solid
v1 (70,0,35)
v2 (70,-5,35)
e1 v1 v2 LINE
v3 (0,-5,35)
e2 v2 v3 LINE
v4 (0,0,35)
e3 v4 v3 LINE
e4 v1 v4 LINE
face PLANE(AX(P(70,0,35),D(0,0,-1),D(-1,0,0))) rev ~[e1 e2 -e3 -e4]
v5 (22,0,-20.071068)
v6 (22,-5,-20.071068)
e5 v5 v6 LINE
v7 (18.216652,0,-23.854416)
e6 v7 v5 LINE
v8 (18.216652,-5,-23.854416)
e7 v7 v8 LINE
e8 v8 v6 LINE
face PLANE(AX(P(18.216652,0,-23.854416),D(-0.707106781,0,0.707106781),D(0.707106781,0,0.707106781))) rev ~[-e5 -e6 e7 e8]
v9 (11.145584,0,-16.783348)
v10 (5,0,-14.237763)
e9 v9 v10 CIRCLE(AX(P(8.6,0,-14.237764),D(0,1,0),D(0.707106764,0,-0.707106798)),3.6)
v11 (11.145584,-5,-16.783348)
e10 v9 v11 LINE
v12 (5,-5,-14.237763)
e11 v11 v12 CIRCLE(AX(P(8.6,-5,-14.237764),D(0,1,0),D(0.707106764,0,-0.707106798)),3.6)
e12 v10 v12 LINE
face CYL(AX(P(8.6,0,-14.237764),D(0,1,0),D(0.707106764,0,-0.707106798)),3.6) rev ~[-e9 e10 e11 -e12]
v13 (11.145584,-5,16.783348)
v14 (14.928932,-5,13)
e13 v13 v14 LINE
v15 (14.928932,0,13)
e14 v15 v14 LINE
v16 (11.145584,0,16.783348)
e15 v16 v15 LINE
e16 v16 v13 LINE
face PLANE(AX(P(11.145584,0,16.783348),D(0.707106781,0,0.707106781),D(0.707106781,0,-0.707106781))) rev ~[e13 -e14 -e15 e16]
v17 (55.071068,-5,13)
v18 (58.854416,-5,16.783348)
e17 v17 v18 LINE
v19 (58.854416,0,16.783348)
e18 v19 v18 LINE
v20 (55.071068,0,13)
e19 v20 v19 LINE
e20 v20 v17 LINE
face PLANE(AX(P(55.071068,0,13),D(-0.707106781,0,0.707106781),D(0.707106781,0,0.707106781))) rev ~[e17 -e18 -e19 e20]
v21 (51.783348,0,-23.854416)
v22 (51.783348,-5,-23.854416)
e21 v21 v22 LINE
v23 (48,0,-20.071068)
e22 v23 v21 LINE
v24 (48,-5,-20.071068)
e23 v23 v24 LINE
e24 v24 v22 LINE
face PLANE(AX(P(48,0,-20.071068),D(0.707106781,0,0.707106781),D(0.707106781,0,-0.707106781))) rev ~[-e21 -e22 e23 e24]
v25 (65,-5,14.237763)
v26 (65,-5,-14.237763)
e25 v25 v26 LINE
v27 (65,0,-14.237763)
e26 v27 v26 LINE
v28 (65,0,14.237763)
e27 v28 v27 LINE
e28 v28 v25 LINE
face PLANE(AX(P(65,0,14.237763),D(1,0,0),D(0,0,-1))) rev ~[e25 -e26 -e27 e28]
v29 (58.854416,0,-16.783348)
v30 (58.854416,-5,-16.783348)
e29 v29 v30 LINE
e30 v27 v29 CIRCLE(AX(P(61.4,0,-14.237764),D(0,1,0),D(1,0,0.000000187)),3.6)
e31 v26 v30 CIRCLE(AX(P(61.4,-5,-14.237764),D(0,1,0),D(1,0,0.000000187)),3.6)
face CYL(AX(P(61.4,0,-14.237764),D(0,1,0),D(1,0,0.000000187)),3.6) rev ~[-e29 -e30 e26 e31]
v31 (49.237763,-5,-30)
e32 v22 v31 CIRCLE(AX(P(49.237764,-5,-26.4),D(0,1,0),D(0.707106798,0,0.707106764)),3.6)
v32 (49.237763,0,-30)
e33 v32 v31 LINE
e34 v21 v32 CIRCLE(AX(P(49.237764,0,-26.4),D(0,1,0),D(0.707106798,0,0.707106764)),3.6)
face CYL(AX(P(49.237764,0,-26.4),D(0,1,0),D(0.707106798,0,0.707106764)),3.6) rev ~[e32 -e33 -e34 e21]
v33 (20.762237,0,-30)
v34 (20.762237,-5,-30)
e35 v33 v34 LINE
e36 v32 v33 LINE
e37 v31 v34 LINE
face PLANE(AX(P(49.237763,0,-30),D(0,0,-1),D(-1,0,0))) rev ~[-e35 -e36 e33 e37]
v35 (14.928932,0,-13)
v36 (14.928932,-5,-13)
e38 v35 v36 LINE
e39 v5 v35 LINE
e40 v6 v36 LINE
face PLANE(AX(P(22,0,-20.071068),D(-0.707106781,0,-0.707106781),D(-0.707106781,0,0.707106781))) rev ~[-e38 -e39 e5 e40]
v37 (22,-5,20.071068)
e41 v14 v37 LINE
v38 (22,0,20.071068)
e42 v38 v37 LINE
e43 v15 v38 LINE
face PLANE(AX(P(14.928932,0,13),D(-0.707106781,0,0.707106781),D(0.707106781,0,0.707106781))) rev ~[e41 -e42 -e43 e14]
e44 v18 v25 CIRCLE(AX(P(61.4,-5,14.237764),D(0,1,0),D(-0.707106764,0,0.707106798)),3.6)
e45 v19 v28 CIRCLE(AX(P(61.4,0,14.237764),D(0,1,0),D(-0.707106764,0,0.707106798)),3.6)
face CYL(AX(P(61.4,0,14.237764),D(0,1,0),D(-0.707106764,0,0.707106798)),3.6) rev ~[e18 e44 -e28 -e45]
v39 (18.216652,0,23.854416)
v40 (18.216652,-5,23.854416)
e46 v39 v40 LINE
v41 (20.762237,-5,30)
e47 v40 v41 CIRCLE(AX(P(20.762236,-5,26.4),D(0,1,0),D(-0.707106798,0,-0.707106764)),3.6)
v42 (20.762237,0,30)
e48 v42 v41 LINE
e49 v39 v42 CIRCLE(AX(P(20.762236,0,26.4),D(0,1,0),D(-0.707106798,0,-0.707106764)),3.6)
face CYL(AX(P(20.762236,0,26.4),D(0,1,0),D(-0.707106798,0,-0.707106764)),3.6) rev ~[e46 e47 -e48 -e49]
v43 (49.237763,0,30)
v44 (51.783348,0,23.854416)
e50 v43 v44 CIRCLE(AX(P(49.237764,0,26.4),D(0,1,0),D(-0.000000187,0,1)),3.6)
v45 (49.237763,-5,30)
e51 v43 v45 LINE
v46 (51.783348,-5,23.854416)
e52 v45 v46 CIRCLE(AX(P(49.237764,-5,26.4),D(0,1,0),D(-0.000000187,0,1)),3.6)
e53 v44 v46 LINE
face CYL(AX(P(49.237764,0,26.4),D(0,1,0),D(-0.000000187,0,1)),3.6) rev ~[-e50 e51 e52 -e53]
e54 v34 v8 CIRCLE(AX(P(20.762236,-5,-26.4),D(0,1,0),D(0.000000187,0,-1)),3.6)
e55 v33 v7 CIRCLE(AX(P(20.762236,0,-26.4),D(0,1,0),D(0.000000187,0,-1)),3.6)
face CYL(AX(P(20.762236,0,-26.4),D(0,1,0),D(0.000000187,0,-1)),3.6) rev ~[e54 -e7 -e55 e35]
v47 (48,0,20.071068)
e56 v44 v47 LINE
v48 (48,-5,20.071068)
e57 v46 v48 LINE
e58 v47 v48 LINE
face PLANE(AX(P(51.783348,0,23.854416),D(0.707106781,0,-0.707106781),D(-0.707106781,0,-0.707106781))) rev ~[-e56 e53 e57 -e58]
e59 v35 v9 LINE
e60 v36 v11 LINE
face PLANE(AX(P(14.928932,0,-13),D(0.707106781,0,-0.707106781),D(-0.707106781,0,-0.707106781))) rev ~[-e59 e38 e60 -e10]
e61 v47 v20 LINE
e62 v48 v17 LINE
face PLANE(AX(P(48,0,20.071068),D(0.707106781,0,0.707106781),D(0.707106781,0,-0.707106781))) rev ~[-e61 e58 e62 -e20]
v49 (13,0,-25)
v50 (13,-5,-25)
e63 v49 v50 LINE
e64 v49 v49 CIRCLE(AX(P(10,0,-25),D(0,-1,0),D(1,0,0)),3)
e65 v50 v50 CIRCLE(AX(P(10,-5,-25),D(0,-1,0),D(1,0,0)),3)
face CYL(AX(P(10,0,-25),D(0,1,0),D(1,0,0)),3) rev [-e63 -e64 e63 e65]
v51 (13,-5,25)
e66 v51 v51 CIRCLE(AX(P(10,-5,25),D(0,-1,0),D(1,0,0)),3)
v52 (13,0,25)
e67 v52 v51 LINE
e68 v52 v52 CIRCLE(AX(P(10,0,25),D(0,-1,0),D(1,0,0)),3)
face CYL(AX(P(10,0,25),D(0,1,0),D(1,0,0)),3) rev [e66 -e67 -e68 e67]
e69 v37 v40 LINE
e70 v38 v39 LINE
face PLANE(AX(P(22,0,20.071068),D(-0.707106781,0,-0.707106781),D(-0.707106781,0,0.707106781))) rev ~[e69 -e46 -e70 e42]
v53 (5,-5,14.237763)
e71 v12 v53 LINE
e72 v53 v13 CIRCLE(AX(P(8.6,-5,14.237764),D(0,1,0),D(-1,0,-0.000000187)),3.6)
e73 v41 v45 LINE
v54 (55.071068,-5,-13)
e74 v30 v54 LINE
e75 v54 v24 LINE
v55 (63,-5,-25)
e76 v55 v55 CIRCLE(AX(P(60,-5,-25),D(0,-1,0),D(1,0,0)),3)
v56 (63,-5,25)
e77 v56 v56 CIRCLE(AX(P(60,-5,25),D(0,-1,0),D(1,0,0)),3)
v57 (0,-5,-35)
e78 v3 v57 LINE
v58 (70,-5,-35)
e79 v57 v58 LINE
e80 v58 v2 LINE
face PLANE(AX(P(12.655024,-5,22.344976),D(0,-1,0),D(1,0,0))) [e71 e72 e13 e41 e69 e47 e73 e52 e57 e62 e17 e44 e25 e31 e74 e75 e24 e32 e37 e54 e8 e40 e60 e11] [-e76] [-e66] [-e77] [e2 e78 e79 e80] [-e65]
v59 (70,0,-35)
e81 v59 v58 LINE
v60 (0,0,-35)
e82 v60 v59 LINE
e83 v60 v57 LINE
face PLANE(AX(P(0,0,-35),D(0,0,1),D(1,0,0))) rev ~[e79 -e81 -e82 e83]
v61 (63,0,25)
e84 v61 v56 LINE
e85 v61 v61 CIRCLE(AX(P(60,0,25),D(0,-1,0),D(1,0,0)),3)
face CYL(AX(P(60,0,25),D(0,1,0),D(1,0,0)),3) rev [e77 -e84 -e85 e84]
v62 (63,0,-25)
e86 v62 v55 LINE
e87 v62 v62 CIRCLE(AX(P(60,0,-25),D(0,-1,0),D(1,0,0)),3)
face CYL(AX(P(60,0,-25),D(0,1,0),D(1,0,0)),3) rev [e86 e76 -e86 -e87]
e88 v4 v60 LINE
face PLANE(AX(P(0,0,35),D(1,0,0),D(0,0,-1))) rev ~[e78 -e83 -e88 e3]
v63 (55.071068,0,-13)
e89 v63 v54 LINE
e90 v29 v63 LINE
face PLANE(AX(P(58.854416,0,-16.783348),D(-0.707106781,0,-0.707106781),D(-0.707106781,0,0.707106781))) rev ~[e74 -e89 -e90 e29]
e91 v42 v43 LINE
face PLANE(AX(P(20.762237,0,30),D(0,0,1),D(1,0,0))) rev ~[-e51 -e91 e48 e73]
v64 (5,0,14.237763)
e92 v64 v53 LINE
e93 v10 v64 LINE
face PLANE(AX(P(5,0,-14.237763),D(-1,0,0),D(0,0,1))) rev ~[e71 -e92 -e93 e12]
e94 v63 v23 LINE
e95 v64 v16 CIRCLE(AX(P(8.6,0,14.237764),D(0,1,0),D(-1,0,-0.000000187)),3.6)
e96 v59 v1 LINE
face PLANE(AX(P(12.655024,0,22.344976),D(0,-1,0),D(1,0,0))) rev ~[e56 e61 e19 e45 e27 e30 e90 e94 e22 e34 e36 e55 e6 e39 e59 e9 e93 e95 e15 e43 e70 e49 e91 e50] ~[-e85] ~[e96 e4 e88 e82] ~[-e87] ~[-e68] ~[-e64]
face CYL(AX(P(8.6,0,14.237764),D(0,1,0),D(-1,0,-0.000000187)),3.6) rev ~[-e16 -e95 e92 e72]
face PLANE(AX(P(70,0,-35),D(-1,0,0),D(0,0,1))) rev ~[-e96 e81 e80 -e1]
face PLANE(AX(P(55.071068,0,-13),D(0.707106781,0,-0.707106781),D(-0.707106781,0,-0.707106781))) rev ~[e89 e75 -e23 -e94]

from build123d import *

# Parameters (mm, degrees)
F0_R     = 3
F1_DEPTH = 5


with BuildPart() as f1:
    # F0 (on Front) → F1 (new body)
    with BuildSketch(Plane.XZ):
        with BuildLine():
            Line((0, 35), (0, 0))
            Line((0, 0), (5, 0))
            Line((5, 0), (5, 14.237763))
            ThreePointArc((5, 14.237763), (7.22234, 17.56373), (11.145584, 16.783348))
            Line((11.145584, 16.783348), (14.928932, 13))
            Line((14.928932, 13), (22, 20.071068))
            Line((22, 20.071068), (18.216652, 23.854416))
            ThreePointArc((18.216652, 23.854416), (17.43627, 27.77766), (20.762237, 30))
            Line((20.762237, 30), (35, 30))
            Line((35, 30), (35, 35))
            Line((35, 35), (0, 35))
        make_face()
        with Locations((10, 25)):
            Circle(F0_R, mode=Mode.SUBTRACT)
        with BuildLine():
            Line((70, 35), (35, 35))
            Line((35, 35), (35, 30))
            Line((35, 30), (49.237763, 30))
            ThreePointArc((49.237763, 30), (52.56373, 27.77766), (51.783348, 23.854416))
            Line((51.783348, 23.854416), (48, 20.071068))
            Line((48, 20.071068), (55.071068, 13))
            Line((55.071068, 13), (58.854416, 16.783348))
            ThreePointArc((58.854416, 16.783348), (62.77766, 17.56373), (65, 14.237763))
            Line((65, 14.237763), (65, 0))
            Line((65, 0), (70, 0))
            Line((70, 0), (70, 35))
        make_face()
        with Locations((60, 25)):
            Circle(F0_R, mode=Mode.SUBTRACT)
        with BuildLine():
            Line((35, -30), (35, -35))
            Line((35, -35), (70, -35))
            Line((70, -35), (70, 0))
            Line((70, 0), (65, 0))
            Line((65, 0), (65, -14.237763))
            ThreePointArc((65, -14.237763), (62.77766, -17.56373), (58.854416, -16.783348))
            Line((58.854416, -16.783348), (55.071068, -13))
            Line((55.071068, -13), (48, -20.071068))
            Line((48, -20.071068), (51.783348, -23.854416))
            ThreePointArc((51.783348, -23.854416), (52.56373, -27.77766), (49.237763, -30))
            Line((49.237763, -30), (35, -30))
        make_face()
        with Locations((60, -25)):
            Circle(F0_R, mode=Mode.SUBTRACT)
        with BuildLine():
            Line((5, 0), (0, 0))
            Line((0, 0), (0, -35))
            Line((0, -35), (35, -35))
            Line((35, -35), (35, -30))
            Line((35, -30), (20.762237, -30))
            ThreePointArc((20.762237, -30), (17.43627, -27.77766), (18.216652, -23.854416))
            Line((18.216652, -23.854416), (22, -20.071068))
            Line((22, -20.071068), (14.928932, -13))
            Line((14.928932, -13), (11.145584, -16.783348))
            ThreePointArc((11.145584, -16.783348), (7.22234, -17.56373), (5, -14.237763))
            Line((5, -14.237763), (5, 0))
        make_face()
        with Locations((10, -25)):
            Circle(F0_R, mode=Mode.SUBTRACT)
    extrude(amount=F1_DEPTH)


solid = f1.part
